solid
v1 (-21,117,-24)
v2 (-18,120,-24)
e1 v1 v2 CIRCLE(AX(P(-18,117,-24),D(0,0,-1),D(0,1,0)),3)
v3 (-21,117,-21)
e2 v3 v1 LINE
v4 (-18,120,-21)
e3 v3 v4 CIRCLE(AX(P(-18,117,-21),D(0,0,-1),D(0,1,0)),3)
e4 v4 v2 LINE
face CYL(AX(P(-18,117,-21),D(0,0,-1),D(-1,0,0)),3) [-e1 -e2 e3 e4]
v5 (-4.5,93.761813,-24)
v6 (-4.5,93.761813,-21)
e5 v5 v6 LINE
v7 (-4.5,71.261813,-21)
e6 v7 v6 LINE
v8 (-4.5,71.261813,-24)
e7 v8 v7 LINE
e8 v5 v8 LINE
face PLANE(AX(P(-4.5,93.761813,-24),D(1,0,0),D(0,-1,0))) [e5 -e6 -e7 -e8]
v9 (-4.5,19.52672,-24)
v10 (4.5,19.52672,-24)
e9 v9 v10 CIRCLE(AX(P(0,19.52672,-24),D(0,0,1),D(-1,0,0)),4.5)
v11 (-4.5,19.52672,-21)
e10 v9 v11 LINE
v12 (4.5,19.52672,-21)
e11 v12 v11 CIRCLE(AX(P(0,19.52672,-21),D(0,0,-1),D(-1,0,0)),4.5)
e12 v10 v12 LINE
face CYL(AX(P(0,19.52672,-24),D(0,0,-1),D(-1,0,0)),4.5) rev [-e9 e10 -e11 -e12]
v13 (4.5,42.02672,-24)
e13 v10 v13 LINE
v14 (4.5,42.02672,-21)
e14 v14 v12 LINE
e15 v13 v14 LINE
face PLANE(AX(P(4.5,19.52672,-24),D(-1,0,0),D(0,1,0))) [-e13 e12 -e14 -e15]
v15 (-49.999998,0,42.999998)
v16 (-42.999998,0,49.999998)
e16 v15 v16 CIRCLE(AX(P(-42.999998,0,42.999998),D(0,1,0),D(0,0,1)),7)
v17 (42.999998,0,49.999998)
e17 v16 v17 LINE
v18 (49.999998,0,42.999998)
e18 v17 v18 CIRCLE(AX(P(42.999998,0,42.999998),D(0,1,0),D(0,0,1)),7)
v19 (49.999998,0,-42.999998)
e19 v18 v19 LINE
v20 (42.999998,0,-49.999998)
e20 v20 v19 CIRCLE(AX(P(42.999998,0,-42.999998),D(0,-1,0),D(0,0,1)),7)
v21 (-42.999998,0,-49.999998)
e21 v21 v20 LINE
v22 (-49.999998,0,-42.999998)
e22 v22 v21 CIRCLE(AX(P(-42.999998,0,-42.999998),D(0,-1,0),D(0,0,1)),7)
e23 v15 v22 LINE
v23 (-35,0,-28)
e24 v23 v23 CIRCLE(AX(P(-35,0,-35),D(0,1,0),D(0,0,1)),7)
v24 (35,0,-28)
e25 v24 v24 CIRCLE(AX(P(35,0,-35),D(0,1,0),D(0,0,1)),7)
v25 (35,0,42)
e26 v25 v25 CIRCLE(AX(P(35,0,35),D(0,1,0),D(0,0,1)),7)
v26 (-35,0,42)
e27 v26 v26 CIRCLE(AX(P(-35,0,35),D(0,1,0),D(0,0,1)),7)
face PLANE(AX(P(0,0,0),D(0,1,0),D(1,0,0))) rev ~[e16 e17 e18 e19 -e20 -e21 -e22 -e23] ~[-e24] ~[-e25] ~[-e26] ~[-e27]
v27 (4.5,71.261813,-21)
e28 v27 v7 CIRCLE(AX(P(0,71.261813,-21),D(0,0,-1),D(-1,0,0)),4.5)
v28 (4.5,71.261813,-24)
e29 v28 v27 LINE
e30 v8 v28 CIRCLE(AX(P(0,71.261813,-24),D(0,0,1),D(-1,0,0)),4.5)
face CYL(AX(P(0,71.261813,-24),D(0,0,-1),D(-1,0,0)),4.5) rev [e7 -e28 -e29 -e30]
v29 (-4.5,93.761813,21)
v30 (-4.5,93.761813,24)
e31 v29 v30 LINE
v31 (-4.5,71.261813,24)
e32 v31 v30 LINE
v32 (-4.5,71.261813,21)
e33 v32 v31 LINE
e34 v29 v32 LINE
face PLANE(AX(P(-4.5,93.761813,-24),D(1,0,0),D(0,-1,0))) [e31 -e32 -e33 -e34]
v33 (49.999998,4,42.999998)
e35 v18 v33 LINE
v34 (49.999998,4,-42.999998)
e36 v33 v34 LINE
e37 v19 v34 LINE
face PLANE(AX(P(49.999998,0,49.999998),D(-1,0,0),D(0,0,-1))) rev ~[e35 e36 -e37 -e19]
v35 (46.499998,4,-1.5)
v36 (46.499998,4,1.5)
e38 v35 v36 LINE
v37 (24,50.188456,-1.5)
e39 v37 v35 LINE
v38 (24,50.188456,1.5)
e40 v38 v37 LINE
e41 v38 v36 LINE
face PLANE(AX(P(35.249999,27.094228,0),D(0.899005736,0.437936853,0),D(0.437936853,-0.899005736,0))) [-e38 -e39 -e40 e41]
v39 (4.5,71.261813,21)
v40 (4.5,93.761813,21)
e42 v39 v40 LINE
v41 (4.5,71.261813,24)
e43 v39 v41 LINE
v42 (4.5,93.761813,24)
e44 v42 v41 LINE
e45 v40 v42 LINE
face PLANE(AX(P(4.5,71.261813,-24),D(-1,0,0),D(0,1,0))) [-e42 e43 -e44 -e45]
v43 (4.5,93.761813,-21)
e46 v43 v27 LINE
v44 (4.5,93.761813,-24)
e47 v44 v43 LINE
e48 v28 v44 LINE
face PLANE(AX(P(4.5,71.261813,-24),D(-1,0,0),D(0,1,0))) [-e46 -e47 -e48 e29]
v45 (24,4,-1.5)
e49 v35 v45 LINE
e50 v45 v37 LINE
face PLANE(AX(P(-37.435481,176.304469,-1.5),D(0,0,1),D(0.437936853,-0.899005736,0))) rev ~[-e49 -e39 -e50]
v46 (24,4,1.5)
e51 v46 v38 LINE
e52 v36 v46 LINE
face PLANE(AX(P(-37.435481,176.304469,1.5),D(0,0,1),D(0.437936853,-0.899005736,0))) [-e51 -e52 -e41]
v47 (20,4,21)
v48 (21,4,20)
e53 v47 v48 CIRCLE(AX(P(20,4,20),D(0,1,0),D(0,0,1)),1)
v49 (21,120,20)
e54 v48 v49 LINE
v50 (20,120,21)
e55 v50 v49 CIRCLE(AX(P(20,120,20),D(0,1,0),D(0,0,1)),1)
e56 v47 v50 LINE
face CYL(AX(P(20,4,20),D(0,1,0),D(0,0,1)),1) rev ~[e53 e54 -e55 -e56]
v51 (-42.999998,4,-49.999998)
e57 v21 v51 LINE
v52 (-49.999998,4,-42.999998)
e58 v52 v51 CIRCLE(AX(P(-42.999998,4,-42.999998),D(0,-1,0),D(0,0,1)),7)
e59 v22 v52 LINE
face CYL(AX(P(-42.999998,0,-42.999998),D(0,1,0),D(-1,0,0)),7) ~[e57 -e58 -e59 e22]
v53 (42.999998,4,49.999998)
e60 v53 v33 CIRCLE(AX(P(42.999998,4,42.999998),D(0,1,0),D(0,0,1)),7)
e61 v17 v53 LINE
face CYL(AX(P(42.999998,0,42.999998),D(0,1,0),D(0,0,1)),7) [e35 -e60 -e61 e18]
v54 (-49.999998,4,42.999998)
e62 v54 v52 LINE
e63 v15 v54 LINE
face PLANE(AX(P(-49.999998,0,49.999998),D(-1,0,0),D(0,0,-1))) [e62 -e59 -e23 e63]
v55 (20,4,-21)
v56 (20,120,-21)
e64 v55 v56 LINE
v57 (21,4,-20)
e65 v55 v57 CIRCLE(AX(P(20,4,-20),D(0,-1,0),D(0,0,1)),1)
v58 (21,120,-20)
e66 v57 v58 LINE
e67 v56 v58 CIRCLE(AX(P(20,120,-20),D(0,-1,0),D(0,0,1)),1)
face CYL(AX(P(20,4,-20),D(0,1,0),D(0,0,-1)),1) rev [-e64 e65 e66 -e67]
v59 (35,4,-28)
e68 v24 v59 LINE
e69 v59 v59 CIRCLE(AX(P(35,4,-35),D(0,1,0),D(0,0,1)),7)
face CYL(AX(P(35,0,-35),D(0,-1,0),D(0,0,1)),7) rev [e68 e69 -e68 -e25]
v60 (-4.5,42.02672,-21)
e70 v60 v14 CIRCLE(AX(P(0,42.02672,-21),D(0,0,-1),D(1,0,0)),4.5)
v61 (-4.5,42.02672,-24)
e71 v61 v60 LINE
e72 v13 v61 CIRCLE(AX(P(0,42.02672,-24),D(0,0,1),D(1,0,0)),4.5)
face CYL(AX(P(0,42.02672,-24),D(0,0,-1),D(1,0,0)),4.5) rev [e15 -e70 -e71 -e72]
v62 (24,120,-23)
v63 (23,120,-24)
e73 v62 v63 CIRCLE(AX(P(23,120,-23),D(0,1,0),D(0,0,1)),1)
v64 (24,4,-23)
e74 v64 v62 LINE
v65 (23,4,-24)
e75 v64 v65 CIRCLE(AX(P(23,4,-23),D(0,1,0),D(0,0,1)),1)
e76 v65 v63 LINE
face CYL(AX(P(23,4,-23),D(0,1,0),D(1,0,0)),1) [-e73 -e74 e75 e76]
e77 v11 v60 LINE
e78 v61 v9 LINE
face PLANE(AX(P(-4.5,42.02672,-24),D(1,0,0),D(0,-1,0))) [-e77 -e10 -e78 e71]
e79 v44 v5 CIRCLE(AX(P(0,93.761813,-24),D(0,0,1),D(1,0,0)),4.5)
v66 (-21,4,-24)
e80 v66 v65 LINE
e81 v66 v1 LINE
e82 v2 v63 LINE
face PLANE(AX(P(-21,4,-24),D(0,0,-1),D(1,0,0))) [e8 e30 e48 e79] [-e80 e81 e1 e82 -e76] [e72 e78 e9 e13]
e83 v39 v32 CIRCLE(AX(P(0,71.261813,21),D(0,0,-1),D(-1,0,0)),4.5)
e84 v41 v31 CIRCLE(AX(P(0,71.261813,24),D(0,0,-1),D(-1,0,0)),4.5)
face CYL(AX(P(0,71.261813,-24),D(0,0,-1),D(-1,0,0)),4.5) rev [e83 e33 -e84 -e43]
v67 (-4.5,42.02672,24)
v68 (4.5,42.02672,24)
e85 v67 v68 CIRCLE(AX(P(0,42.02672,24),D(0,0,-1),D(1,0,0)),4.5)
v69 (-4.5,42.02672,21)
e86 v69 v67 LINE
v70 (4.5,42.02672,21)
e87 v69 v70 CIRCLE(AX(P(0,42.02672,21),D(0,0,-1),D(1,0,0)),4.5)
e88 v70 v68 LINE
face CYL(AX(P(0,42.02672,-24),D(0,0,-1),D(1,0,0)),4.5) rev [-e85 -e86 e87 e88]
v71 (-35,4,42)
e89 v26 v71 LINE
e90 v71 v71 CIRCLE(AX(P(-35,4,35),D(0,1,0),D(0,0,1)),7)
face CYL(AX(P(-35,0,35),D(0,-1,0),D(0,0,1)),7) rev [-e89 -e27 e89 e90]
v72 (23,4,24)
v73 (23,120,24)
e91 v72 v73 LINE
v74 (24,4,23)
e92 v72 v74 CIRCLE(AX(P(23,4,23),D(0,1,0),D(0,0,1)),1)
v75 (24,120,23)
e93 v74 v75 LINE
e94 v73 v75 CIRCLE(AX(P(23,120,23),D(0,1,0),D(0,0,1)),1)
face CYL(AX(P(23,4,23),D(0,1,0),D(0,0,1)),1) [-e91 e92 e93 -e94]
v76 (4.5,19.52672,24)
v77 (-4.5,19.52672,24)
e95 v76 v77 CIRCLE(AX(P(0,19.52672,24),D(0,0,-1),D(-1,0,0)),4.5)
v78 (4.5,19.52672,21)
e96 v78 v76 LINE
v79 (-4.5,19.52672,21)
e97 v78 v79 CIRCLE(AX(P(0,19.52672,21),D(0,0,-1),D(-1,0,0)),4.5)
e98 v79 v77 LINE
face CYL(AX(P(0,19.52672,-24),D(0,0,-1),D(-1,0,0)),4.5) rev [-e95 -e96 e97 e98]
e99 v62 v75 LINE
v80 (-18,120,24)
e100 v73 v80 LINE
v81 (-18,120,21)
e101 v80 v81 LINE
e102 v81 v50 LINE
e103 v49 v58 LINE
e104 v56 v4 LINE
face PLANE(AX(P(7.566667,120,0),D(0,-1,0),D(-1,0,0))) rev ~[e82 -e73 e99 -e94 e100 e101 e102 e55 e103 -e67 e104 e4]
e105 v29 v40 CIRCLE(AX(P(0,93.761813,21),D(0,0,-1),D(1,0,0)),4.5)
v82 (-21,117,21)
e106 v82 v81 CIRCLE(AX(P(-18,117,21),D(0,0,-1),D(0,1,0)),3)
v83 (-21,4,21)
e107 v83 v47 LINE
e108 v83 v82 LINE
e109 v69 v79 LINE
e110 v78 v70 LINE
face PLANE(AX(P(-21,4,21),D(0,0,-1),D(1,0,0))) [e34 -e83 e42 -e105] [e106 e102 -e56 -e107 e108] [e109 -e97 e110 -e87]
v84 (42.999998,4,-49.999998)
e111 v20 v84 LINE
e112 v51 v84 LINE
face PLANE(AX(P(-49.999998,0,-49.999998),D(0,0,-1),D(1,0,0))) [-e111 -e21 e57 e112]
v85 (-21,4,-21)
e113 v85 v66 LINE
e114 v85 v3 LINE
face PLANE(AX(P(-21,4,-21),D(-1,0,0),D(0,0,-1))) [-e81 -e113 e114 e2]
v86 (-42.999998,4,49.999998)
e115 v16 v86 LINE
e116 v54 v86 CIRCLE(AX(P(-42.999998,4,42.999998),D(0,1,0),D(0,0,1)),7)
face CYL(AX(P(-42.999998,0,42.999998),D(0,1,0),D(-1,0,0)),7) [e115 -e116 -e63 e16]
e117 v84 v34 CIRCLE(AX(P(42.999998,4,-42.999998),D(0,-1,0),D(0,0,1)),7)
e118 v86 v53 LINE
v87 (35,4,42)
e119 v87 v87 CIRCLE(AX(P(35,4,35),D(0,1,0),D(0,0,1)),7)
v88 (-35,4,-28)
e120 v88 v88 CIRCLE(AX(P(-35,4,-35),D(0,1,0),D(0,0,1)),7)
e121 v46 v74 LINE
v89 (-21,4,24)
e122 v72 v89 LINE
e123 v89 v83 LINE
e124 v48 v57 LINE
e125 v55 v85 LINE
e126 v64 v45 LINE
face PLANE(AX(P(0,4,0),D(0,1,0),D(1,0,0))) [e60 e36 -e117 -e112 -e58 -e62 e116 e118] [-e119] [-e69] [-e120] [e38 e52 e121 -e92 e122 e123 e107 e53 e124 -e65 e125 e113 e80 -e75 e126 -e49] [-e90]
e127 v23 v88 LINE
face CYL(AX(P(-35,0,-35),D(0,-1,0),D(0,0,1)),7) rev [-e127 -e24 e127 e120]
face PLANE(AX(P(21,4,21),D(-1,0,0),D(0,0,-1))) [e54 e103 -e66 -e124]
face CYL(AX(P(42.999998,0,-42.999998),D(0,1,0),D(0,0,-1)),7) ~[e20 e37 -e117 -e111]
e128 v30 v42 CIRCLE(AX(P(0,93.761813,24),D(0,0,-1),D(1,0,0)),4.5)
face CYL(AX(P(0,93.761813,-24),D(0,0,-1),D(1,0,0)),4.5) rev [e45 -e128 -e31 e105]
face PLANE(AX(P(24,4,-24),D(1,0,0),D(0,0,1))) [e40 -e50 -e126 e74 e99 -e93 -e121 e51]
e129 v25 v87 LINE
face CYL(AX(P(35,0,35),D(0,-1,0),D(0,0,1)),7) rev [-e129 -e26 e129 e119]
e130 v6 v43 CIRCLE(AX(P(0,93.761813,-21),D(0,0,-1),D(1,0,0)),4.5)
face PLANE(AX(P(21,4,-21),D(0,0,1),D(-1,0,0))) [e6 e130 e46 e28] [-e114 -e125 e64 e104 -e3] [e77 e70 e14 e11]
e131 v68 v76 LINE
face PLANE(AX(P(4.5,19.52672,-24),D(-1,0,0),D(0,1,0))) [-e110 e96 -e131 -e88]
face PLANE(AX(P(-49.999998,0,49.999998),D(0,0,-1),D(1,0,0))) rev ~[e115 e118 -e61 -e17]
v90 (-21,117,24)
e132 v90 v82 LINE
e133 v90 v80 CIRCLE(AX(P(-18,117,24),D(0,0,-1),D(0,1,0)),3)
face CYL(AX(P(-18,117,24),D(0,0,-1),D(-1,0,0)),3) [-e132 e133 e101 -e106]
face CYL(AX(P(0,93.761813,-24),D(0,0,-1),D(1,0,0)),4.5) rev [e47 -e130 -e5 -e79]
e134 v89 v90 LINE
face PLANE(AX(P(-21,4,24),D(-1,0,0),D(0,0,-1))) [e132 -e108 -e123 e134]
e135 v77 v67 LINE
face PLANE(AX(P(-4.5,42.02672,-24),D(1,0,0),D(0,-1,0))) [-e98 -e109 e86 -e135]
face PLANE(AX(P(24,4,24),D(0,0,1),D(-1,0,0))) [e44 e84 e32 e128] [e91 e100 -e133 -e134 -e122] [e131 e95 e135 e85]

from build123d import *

# Parameters (mm, degrees)
SKETCH_1_W          = 99.999995276
SKETCH_1_H          = 99.999995276
SKETCH_1_R          = 7
EXTRUDE_2_DEPTH     = 4
FILLET_2_R          = 7
EXTRUDE_3_DEPTH     = 116
FILLET_3_R          = 3
FILLET_4_R          = 1
CUT_EXTRUDE_1_DEPTH = 116
RIB_1_REACH         = 141.284
SKETCH_6_WALL_W     = 331.945026876
SKETCH_6_WALL_H     = 3


with BuildPart() as part:
    # 草图1 → 凸台-拉伸2 (new body)
    with BuildSketch(Plane(origin=(0, 0, 0), x_dir=(1, 0, 0), z_dir=(0, 1, 0))):
        Rectangle(SKETCH_1_W, SKETCH_1_H)
        with Locations(Location((-35, 35, 0), (0, 0, 270))):
            Circle(SKETCH_1_R, mode=Mode.SUBTRACT)
        with Locations(Location((35, 35, 0), (0, 0, 270))):
            Circle(SKETCH_1_R, mode=Mode.SUBTRACT)
        with Locations(Location((35, -35, 0), (0, 0, 270))):
            Circle(SKETCH_1_R, mode=Mode.SUBTRACT)
        with Locations(Location((-35, -35, 0), (0, 0, 270))):
            Circle(SKETCH_1_R, mode=Mode.SUBTRACT)
    extrude(amount=EXTRUDE_2_DEPTH)

    # 圆角2
    fillet_2_edges = [part.edges().sort_by_distance(p)[0] for p in [
        (-49.999997638, 2, -49.999997638),
        (49.999997638, 2, -49.999997638),
        (49.999997638, 2, 49.999997638),
        (-49.999997638, 2, 49.999997638),
    ]]
    fillet(fillet_2_edges, radius=FILLET_2_R)

    # 草图3 → 凸台-拉伸3 (add)
    with BuildSketch(Plane(origin=(0, 4, 0), x_dir=(1, 0, 0), z_dir=(0, 1, 0))):
        Polygon((-21, -24), (-21, -21), (21, -21), (21, 21), (-21, 21), (-21, 24), (24, 24), (24, -24), align=None)
    extrude(amount=EXTRUDE_3_DEPTH)

    # 圆角3
    fillet_3_edges = [part.edges().sort_by_distance(p)[0] for p in [
        (-21, 120, 22.5),
        (-21, 120, -22.5),
    ]]
    fillet(fillet_3_edges, radius=FILLET_3_R)

    # 圆角4
    fillet_4_edges = [part.edges().sort_by_distance(p)[0] for p in [
        (24, 62, 24),
        (24, 62, -24),
        (21, 62, -21),
        (21, 62, 21),
    ]]
    fillet(fillet_4_edges, radius=FILLET_4_R)

    # 草图4 → 切除-拉伸1 (cut)
    with BuildSketch(Plane(origin=(0, 0, -24), x_dir=(-1, 0, 0), z_dir=(0, 0, -1))):
        with BuildLine():
            Line((4.5, 93.761812865), (4.5, 71.261812865))
            ThreePointArc((4.5, 71.261812865), (0, 66.761812865), (-4.5, 71.261812865))
            Line((-4.5, 71.261812865), (-4.5, 93.761812865))
            ThreePointArc((-4.5, 93.761812865), (0, 98.261812865), (4.5, 93.761812865))
        make_face()
        with BuildLine():
            Line((4.5, 42.026719912), (4.5, 19.526719912))
            ThreePointArc((4.5, 19.526719912), (0, 15.026719912), (-4.5, 19.526719912))
            Line((-4.5, 19.526719912), (-4.5, 42.026719912))
            ThreePointArc((-4.5, 42.026719912), (0, 46.526719912), (4.5, 42.026719912))
        make_face()
    extrude(amount=-CUT_EXTRUDE_1_DEPTH, mode=Mode.SUBTRACT)

    # 草图6 wall → 筋1 (add, up to next)
    with BuildSketch(Plane(origin=(35.249998819, 27.094227832, 0), x_dir=(0.437936853183, -0.89900573559, 0), z_dir=(0.89900573559, 0.437936853183, 0)), mode=Mode.PRIVATE) as rib_1_sk1:
        Rectangle(SKETCH_6_WALL_W, SKETCH_6_WALL_H)
    rib_1_tool1 = extrude(rib_1_sk1.sketch, amount=-RIB_1_REACH, mode=Mode.PRIVATE) - part.part
    add(rib_1_tool1.solids().sort_by_distance((35.249998819, 27.094227832, 0))[0])


solid = part.part
